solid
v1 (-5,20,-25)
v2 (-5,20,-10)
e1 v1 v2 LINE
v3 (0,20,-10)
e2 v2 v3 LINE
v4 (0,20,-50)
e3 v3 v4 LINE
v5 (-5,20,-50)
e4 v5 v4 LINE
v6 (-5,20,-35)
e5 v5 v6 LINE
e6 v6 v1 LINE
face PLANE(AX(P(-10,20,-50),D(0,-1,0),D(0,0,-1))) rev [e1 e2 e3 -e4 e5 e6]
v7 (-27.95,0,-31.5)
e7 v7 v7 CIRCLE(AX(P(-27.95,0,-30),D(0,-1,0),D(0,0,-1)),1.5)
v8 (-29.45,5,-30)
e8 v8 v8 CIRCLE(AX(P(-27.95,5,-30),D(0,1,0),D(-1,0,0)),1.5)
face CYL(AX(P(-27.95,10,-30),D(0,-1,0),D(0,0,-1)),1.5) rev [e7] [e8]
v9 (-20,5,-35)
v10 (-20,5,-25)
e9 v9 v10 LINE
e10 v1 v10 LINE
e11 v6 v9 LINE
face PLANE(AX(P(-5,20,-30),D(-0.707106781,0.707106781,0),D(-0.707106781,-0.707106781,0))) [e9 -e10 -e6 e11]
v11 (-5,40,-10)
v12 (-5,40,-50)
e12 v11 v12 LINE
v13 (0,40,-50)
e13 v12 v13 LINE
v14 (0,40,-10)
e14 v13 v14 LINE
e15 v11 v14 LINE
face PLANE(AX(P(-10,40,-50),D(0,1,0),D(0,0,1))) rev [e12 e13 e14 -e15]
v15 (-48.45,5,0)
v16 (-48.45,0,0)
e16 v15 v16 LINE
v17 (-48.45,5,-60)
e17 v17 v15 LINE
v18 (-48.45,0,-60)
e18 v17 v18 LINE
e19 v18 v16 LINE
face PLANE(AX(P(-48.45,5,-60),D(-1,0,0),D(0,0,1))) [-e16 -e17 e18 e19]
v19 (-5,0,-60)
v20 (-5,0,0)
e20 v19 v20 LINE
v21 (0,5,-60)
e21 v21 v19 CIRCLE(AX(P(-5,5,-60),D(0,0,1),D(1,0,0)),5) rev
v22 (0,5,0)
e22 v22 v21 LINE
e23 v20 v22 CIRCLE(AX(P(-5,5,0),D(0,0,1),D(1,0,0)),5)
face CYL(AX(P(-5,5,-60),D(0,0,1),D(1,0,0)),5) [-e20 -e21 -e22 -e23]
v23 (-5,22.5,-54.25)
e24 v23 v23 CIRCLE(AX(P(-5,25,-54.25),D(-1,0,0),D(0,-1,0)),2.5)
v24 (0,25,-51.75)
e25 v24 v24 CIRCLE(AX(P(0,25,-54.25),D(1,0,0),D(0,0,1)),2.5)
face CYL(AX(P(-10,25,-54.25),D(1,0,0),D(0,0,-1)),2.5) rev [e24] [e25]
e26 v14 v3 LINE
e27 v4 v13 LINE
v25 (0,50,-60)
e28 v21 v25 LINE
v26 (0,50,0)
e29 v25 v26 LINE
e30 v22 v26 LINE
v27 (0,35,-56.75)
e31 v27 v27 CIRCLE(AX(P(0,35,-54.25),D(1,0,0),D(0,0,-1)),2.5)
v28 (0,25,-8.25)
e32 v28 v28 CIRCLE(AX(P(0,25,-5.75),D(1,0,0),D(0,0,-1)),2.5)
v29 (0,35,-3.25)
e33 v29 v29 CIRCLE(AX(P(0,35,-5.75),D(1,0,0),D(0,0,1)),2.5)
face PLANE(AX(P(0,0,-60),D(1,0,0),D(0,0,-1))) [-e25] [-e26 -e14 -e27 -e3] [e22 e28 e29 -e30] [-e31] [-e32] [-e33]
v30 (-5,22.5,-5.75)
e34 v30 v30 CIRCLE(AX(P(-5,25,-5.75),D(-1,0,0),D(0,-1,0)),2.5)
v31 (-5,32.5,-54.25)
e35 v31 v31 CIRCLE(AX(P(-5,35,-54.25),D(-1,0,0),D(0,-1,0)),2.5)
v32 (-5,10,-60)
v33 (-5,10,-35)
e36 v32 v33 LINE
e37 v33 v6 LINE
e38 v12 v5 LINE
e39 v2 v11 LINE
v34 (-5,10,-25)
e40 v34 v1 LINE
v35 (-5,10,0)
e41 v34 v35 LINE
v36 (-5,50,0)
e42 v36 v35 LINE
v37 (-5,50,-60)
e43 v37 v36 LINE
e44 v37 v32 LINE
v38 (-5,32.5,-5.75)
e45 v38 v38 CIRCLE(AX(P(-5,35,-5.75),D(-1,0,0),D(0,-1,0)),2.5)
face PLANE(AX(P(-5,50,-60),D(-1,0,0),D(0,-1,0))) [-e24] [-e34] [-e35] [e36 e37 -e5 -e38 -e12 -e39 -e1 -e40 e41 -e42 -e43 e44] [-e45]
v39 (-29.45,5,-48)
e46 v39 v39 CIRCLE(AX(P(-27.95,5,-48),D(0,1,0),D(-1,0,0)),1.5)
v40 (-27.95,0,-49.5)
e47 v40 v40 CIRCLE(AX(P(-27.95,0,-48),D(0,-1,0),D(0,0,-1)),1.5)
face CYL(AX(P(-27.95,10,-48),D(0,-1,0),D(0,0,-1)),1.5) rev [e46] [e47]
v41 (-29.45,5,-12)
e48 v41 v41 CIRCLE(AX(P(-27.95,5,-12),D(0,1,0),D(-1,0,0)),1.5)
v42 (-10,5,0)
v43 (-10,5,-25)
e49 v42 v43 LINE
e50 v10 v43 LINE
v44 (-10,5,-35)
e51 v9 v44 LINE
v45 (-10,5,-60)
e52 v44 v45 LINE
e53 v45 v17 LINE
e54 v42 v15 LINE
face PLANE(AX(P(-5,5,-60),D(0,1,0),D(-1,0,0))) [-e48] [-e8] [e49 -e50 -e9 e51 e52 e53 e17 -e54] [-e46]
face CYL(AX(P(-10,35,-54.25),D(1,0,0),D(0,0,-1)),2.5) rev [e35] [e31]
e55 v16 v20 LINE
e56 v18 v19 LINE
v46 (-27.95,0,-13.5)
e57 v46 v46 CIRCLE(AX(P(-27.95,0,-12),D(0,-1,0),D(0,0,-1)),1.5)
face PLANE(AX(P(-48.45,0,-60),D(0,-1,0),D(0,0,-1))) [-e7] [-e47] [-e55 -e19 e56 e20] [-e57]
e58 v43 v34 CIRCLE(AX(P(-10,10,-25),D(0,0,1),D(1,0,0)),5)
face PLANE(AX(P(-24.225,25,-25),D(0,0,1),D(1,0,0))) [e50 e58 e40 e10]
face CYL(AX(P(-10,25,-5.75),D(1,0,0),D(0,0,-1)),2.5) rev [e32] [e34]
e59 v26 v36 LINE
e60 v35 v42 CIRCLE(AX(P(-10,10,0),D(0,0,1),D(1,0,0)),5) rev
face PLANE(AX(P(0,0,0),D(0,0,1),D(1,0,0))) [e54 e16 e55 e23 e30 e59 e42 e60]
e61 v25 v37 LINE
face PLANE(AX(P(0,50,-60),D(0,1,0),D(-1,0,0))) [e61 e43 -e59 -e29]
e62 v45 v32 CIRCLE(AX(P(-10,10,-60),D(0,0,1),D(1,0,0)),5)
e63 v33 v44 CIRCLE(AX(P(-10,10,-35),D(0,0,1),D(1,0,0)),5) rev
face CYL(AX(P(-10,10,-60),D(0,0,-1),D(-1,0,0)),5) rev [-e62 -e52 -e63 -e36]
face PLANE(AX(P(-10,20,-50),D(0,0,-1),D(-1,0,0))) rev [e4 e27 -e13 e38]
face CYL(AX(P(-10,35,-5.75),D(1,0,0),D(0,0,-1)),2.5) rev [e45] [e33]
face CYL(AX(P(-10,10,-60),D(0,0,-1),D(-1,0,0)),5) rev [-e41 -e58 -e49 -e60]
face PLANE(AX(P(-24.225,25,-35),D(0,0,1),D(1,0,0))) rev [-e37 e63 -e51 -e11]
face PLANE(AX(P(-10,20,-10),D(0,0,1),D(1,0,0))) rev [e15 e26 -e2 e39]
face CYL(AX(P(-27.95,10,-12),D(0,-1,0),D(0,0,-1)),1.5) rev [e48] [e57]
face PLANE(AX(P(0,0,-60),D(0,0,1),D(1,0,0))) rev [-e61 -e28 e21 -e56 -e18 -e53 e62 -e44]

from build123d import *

# Parameters (mm, degrees)
BOSS_EXTRUDE1_DEPTH = 60
SKETCH2_R           = 2.5
SKETCH2_W           = 40
SKETCH2_H           = 20
CUT_EXTRUDE1_DEPTH  = 10
SKETCH3_R           = 1.5
CUT_EXTRUDE2_DEPTH  = 10
RIB1_REACH          = 77.812
SKETCH4_WALL_W      = 174.836453632
SKETCH4_WALL_H      = 10
FILLET1_R           = 5


with BuildPart() as part:
    # Sketch1 → Boss-Extrude1 (new body)
    with BuildSketch(Plane.XY):
        Polygon((0, 0), (0, 50), (-5, 50), (-5, 5), (-48.45, 5), (-48.45, 0), align=None)
    extrude(amount=-BOSS_EXTRUDE1_DEPTH)

    # Sketch2 → Cut-Extrude1 (cut)
    with BuildSketch(Plane(origin=(0, 0, 0), x_dir=(0, 0, -1), z_dir=(1, 0, 0))):
        with Locations((54.25, 35)):
            Circle(SKETCH2_R)
        with Locations(Location((54.25, 25, 0), (0, 0, 270))):
            Circle(SKETCH2_R)
        with Locations((5.75, 25)):
            Circle(SKETCH2_R)
        with Locations(Location((5.75, 35, 0), (0, 0, 270))):
            Circle(SKETCH2_R)
        with Locations((30, 30)):
            Rectangle(SKETCH2_W, SKETCH2_H)
    extrude(amount=-CUT_EXTRUDE1_DEPTH, mode=Mode.SUBTRACT)

    # Sketch3 → Cut-Extrude2 (cut)
    with BuildSketch(Plane.XZ):
        with Locations(Location((-27.95, -30, 0), (0, 0, 270))):
            Circle(SKETCH3_R)
        with Locations(Location((-27.95, -12, 0), (0, 0, 270))):
            Circle(SKETCH3_R)
        with Locations(Location((-27.95, -48, 0), (0, 0, 270))):
            Circle(SKETCH3_R)
    extrude(amount=-CUT_EXTRUDE2_DEPTH, mode=Mode.SUBTRACT)

    # Sketch4 wall → Rib1 (add, up to next)
    with BuildSketch(Plane(origin=(-12.5, 12.5, -30), x_dir=(-0.707106781187, -0.707106781187, 0), z_dir=(0.707106781187, -0.707106781187, 0)), mode=Mode.PRIVATE) as rib1_sk1:
        Rectangle(SKETCH4_WALL_W, SKETCH4_WALL_H)
    rib1_tool1 = extrude(rib1_sk1.sketch, amount=RIB1_REACH, mode=Mode.PRIVATE) - part.part
    add(rib1_tool1.solids().sort_by_distance((-12.5, 12.5, -30))[0])

    # Fillet1
    fillet1_edges = [part.edges().sort_by_distance(p)[0] for p in [
        (-5, 5, -47.5),
        (0, 0, -30),
        (-5, 5, -12.5),
    ]]
    fillet(fillet1_edges, radius=FILLET1_R)


solid = part.part
